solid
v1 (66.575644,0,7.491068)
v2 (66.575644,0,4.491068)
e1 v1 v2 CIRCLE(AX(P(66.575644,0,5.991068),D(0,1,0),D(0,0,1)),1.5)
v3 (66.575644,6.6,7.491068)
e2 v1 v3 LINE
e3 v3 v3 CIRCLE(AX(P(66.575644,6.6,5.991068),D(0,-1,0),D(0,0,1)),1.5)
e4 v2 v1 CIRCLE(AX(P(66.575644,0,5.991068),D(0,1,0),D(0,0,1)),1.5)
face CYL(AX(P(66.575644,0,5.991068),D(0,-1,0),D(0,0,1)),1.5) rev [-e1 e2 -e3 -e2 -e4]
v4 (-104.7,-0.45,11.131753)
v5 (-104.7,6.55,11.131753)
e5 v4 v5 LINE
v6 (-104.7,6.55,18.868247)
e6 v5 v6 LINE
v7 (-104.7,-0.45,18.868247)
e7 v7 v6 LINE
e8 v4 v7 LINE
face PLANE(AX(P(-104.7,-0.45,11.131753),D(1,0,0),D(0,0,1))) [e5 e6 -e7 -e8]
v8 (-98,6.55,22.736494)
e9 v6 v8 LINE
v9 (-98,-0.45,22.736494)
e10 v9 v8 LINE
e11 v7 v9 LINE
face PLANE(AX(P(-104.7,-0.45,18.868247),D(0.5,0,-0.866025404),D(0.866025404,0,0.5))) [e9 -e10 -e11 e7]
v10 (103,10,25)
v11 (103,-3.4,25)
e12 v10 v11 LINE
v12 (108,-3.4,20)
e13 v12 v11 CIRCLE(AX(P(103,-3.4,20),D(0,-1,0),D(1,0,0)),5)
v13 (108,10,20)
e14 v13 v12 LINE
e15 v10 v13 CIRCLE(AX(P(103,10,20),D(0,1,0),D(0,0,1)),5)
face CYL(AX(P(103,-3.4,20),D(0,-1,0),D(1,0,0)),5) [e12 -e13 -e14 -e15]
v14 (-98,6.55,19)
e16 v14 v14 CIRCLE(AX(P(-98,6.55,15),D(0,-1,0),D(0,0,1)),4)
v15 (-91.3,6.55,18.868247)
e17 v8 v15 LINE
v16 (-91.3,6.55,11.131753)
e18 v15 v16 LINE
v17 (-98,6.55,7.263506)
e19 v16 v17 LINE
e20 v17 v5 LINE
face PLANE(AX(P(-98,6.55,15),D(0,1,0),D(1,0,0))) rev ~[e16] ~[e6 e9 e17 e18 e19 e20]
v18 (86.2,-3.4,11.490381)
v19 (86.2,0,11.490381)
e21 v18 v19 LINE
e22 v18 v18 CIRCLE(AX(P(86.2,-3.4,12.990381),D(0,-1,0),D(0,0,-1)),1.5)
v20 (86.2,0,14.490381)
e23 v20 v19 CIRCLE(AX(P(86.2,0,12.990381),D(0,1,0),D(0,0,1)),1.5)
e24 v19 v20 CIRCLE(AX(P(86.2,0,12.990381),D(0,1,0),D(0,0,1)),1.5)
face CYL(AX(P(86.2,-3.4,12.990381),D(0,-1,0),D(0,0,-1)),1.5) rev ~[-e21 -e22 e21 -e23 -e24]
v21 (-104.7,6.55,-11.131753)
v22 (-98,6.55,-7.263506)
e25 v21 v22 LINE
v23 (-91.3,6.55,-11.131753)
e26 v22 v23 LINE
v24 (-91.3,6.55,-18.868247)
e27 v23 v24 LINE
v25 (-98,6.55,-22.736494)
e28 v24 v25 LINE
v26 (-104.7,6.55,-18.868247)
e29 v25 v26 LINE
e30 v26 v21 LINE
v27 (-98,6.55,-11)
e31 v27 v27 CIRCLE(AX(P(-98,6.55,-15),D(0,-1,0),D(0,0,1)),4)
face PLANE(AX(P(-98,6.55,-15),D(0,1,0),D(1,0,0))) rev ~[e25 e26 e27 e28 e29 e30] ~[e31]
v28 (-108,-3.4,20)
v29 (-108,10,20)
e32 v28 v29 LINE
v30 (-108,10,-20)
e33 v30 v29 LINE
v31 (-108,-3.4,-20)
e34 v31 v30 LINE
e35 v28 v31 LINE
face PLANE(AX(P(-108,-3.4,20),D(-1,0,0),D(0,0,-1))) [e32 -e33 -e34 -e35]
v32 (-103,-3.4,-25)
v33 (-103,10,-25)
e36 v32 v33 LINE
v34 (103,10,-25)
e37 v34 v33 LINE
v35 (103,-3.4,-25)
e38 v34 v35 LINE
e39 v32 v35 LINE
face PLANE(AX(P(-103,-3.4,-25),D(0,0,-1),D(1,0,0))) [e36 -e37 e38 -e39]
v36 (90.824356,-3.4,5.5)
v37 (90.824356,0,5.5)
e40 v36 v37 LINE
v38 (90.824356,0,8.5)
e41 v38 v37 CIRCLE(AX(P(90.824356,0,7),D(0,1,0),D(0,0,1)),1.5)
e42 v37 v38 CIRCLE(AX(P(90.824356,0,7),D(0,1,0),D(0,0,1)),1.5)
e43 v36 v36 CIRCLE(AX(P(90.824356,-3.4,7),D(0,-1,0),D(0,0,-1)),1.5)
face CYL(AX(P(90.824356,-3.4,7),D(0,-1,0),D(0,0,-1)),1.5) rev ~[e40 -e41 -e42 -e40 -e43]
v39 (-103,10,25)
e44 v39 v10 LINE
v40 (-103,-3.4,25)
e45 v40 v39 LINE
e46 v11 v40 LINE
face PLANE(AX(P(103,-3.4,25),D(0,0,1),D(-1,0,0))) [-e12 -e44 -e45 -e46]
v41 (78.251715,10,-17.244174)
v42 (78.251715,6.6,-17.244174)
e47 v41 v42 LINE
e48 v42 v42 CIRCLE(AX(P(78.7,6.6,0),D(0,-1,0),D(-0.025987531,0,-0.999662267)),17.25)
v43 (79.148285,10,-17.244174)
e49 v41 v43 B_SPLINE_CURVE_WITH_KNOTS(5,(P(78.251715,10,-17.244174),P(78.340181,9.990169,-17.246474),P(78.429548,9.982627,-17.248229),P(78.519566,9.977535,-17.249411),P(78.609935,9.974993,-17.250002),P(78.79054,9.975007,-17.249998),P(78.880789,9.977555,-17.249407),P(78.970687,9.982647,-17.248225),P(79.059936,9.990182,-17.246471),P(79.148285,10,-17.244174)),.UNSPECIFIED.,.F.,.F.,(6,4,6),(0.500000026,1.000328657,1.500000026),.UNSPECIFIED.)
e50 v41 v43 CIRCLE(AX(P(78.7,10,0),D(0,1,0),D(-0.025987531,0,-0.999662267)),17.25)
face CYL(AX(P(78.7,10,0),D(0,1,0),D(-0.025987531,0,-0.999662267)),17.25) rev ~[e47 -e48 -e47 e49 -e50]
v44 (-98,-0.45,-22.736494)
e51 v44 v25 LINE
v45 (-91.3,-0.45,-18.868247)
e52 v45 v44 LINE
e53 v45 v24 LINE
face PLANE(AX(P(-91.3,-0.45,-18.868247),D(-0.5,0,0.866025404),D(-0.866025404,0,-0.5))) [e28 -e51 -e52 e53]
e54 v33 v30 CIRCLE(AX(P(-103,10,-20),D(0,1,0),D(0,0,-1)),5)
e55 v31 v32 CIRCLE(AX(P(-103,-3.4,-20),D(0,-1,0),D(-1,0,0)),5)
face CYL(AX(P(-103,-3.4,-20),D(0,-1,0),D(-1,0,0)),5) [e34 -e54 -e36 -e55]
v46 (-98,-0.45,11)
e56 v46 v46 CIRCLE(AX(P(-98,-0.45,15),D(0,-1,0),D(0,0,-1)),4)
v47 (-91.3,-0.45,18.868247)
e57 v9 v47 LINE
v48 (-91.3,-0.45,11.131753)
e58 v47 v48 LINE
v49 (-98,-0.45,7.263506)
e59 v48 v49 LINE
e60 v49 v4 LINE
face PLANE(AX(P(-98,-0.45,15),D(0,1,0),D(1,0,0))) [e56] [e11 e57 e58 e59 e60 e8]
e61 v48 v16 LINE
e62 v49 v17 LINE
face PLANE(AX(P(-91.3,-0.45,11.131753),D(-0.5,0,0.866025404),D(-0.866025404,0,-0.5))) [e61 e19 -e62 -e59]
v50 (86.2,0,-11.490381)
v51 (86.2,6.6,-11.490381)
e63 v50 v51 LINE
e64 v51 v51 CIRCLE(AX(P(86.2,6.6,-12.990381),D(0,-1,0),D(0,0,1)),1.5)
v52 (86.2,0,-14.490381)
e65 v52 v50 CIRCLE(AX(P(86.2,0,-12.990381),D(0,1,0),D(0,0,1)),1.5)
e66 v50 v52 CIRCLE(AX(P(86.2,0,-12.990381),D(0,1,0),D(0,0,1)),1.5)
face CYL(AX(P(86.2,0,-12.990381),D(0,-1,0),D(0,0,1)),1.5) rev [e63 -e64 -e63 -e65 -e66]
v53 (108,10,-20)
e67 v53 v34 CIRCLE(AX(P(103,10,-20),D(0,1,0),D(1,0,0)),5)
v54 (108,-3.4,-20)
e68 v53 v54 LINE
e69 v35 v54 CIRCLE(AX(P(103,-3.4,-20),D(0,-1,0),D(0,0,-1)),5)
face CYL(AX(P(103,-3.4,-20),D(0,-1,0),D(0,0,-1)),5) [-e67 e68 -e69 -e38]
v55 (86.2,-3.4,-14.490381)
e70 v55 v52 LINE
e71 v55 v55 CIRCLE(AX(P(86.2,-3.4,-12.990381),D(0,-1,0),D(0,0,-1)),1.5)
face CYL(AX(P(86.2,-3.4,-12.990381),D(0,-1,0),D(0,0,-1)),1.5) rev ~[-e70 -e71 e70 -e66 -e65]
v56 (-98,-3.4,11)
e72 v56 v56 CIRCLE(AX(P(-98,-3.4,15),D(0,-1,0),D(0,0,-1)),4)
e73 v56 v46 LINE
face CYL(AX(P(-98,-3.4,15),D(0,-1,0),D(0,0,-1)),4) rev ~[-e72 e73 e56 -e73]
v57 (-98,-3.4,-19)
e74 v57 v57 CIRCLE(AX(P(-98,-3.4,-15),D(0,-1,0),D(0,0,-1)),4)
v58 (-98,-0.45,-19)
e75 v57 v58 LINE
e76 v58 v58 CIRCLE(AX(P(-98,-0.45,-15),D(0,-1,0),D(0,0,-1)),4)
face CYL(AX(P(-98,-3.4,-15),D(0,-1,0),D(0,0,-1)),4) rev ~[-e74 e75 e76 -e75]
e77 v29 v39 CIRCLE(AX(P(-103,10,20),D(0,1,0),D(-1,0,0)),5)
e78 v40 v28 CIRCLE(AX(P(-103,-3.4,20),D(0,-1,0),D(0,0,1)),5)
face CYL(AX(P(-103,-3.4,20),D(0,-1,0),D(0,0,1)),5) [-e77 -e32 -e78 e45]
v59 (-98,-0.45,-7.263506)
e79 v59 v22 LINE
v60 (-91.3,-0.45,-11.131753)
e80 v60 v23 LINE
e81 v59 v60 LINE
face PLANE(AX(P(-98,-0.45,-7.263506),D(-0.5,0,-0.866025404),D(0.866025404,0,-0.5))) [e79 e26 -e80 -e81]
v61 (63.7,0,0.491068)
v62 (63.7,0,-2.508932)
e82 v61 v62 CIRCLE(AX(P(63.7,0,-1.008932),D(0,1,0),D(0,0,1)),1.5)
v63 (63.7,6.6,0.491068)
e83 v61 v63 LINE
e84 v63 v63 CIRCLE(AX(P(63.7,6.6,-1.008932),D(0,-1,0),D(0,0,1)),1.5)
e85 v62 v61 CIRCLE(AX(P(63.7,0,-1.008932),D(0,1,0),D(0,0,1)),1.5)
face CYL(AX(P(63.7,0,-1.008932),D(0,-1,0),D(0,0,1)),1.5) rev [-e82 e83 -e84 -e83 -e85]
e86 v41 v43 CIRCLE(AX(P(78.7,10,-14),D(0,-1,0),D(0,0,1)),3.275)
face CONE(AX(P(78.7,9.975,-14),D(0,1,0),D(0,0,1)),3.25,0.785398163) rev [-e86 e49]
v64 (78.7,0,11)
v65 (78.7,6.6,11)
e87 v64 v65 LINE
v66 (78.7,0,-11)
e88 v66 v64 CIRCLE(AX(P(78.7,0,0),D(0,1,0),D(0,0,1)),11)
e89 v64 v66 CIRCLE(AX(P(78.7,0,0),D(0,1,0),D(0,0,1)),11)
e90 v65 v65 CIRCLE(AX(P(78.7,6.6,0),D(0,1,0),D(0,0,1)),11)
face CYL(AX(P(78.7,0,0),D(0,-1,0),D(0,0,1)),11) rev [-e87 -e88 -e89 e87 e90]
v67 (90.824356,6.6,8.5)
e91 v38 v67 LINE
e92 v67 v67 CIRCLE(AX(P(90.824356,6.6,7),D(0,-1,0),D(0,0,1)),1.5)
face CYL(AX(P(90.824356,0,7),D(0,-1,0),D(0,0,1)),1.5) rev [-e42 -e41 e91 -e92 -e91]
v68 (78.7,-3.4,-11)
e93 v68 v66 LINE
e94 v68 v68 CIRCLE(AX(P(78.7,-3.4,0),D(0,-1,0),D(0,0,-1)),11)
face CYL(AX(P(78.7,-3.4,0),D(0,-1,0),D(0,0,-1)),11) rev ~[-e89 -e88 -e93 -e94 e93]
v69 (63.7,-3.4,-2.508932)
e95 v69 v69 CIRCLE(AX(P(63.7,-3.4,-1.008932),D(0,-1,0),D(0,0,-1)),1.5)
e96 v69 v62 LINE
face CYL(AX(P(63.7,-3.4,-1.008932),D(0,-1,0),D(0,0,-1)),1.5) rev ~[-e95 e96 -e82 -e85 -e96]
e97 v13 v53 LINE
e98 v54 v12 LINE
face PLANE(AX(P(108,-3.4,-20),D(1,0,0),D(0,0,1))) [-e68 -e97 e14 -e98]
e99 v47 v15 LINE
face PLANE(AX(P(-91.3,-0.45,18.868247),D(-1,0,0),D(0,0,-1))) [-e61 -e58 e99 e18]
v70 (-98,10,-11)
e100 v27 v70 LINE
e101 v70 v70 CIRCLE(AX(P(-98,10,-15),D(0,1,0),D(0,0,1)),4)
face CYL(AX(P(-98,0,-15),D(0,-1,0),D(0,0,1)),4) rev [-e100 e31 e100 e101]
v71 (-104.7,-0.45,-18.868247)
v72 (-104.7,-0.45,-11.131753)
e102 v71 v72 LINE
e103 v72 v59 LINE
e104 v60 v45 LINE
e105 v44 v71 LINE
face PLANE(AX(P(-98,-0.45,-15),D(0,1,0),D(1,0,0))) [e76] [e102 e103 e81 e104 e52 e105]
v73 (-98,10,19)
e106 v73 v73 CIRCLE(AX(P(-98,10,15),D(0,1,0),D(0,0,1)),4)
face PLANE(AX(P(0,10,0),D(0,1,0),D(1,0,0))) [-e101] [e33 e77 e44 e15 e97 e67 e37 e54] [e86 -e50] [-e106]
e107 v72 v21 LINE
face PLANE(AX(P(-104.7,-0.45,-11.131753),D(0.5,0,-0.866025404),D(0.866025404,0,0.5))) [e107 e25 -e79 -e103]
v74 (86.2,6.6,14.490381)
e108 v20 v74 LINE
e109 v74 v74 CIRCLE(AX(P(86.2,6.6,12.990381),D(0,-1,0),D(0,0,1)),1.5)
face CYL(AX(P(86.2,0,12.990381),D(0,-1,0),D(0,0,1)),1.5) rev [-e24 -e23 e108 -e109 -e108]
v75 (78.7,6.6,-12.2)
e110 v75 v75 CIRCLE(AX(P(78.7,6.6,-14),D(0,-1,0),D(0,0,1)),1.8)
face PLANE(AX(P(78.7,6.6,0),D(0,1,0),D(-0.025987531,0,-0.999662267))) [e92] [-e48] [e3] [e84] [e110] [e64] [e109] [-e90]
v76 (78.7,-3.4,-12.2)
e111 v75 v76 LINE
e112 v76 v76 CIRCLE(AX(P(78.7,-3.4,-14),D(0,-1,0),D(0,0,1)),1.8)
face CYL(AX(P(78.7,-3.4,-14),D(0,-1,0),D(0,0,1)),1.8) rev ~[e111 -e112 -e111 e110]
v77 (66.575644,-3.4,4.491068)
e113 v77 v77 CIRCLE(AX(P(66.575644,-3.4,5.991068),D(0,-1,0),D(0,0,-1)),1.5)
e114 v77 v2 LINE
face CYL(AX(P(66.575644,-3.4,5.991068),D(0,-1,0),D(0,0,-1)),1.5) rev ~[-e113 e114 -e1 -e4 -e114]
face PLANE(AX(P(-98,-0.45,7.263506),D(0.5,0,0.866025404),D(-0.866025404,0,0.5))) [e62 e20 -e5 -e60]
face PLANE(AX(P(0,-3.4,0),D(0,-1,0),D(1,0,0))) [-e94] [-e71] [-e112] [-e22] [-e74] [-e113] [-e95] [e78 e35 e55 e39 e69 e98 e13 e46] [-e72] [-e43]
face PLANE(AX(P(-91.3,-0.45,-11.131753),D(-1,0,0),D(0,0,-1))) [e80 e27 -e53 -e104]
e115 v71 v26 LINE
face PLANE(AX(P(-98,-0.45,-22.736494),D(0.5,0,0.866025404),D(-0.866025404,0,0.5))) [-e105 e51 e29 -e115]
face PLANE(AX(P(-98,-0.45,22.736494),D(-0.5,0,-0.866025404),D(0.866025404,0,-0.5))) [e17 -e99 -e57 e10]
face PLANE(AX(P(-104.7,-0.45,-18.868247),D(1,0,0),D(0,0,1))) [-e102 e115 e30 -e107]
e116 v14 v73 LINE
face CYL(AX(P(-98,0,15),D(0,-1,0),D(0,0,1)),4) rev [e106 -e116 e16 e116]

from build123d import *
from build123d.topology import SkipClean

# Parameters (mm, degrees)
SKETCH1_R               = 4
SKETCH1_R_2             = 11
SKETCH1_R_3             = 1.5
BOSS_EXTRUDE1_DEPTH     = 10
SKETCH5_R               = 17.25
CUT_EXTRUDE1_DEPTH      = 3.4
BOSS_EXTRUDE2_START     = 3.4
SKETCH6_R               = 1.8
SKETCH6_R_2             = 1.5
SKETCH6_R_3             = 11
SKETCH6_R_4             = 4
BOSS_EXTRUDE2_DEPTH     = 3.4
CUT_EXTRUDE2_DEPTH      = 3.25
CUT_EXTRUDE2_DEPTH_BACK = 3.75


with BuildPart() as part:
    # Sketch1 → Boss-Extrude1 (new body)
    with BuildSketch(Plane(origin=(0, 0, 0), x_dir=(1, 0, 0), z_dir=(0, 1, 0))):
        with BuildLine():
            Line((-103, -25), (103, -25))
            ThreePointArc((103, -25), (106.535533906, -23.535533906), (108, -20))
            Line((108, -20), (108, 20))
            ThreePointArc((108, 20), (106.535533906, 23.535533906), (103, 25))
            Line((103, 25), (-103, 25))
            ThreePointArc((-103, 25), (-106.535533906, 23.535533906), (-108, 20))
            Line((-108, 20), (-108, -20))
            ThreePointArc((-108, -20), (-106.535533906, -23.535533906), (-103, -25))
        make_face()
        with Locations(Location((-98, 15, 0), (0, 0, 270))):
            Circle(SKETCH1_R, mode=Mode.SUBTRACT)
        with Locations(Location((-98, -15, 0), (0, 0, 270))):
            Circle(SKETCH1_R, mode=Mode.SUBTRACT)
        with Locations(Location((78.7, 0, 0), (0, 0, 270))):
            Circle(SKETCH1_R_2, mode=Mode.SUBTRACT)
        with Locations(Location((78.7, 14, 0), (0, 0, 270))):
            Circle(SKETCH1_R_3, mode=Mode.SUBTRACT)
        with Locations(Location((86.2, 12.99038106, 0), (0, 0, 270))):
            Circle(SKETCH1_R_3, mode=Mode.SUBTRACT)
        with Locations(Location((90.82435565, -7.000000002, 0), (0, 0, 270))):
            Circle(SKETCH1_R_3, mode=Mode.SUBTRACT)
        with Locations(Location((86.199999997, -12.990381058, 0), (0, 0, 270))):
            Circle(SKETCH1_R_3, mode=Mode.SUBTRACT)
        with Locations(Location((63.7, 1.008931637, 0), (0, 0, 270))):
            Circle(SKETCH1_R_3, mode=Mode.SUBTRACT)
        with Locations(Location((66.57564435, -5.991068363, 0), (0, 0, 270))):
            Circle(SKETCH1_R_3, mode=Mode.SUBTRACT)
    extrude(amount=BOSS_EXTRUDE1_DEPTH)

    # Sketch4 → CBORE for M3 Hex Socket Head Cap Screw1 (revolve, cut)
    with BuildSketch(Plane(origin=(78.7, 10, -14), x_dir=(0, 0, 1), z_dir=(1, 0, 0))):
        Polygon((0, 0), (0, 10), (1.8, 10), (1.8, 3.4), (3.25, 3.4), (3.25, 0.025), (3.275, 0), align=None)
    revolve(axis=Axis((78.7, 16.35, -14), (0, -1, 0)), mode=Mode.SUBTRACT)

    # Sketch5 → Cut-Extrude1 (cut)
    with BuildSketch(Plane(origin=(0, 10, 0), x_dir=(1, 0, 0), z_dir=(0, 1, 0))):
        with Locations(Location((78.7, 0, 0), (0, 0, 91.489143503))):
            Circle(SKETCH5_R)
    extrude(amount=-CUT_EXTRUDE1_DEPTH, mode=Mode.SUBTRACT)

    # Sketch6 → Boss-Extrude2 (add)
    with SkipClean():  # the faces are left unmerged after this step: merging them gives an invalid solid
        with BuildSketch(Plane.XZ.offset(BOSS_EXTRUDE2_START)):
            with BuildLine():
                Line((-103, -25), (103, -25))
                ThreePointArc((103, -25), (106.535533906, -23.535533906), (108, -20))
                Line((108, -20), (108, 20))
                ThreePointArc((108, 20), (106.535533906, 23.535533906), (103, 25))
                Line((103, 25), (-103, 25))
                ThreePointArc((-103, 25), (-106.535533906, 23.535533906), (-108, 20))
                Line((-108, 20), (-108, -20))
                ThreePointArc((-108, -20), (-106.535533906, -23.535533906), (-103, -25))
            make_face()
            with Locations(Location((78.7, -14, 0), (0, 0, 90))):
                Circle(SKETCH6_R, mode=Mode.SUBTRACT)
            with Locations(Location((86.2, -12.99038106, 0), (0, 0, 270))):
                Circle(SKETCH6_R_2, mode=Mode.SUBTRACT)
            with Locations(Location((90.82435565, 7.000000002, 0), (0, 0, 270))):
                Circle(SKETCH6_R_2, mode=Mode.SUBTRACT)
            with Locations(Location((86.199999997, 12.990381058, 0), (0, 0, 270))):
                Circle(SKETCH6_R_2, mode=Mode.SUBTRACT)
            with Locations(Location((78.7, 0, 0), (0, 0, 270))):
                Circle(SKETCH6_R_3, mode=Mode.SUBTRACT)
            with Locations(Location((66.57564435, 5.991068363, 0), (0, 0, 270))):
                Circle(SKETCH6_R_2, mode=Mode.SUBTRACT)
            with Locations(Location((63.7, -1.008931637, 0), (0, 0, 270))):
                Circle(SKETCH6_R_2, mode=Mode.SUBTRACT)
            with Locations(Location((-98, -15, 0), (0, 0, 270))):
                Circle(SKETCH6_R_4, mode=Mode.SUBTRACT)
            with Locations(Location((-98, 15, 0), (0, 0, 270))):
                Circle(SKETCH6_R_4, mode=Mode.SUBTRACT)
        extrude(amount=-BOSS_EXTRUDE2_DEPTH)

    # Sketch7 → Cut-Extrude2 (cut, two sides: drawn at the far end of the back side and taken through both)
    with BuildSketch(Plane(origin=(0, 3.3, 0), x_dir=(1, 0, 0), z_dir=(0, 1, 0)).offset(-CUT_EXTRUDE2_DEPTH_BACK)):
        Polygon((-91.3, 11.131753196), (-91.3, 18.868246804), (-98, 22.736493607), (-104.7, 18.868246804), (-104.7, 11.131753196), (-98, 7.263506393), align=None)
        Polygon((-91.3, -18.868246804), (-91.3, -11.131753196), (-98, -7.263506393), (-104.7, -11.131753196), (-104.7, -18.868246804), (-98, -22.736493607), align=None)
    extrude(amount=CUT_EXTRUDE2_DEPTH + CUT_EXTRUDE2_DEPTH_BACK, mode=Mode.SUBTRACT)


solid = part.part
